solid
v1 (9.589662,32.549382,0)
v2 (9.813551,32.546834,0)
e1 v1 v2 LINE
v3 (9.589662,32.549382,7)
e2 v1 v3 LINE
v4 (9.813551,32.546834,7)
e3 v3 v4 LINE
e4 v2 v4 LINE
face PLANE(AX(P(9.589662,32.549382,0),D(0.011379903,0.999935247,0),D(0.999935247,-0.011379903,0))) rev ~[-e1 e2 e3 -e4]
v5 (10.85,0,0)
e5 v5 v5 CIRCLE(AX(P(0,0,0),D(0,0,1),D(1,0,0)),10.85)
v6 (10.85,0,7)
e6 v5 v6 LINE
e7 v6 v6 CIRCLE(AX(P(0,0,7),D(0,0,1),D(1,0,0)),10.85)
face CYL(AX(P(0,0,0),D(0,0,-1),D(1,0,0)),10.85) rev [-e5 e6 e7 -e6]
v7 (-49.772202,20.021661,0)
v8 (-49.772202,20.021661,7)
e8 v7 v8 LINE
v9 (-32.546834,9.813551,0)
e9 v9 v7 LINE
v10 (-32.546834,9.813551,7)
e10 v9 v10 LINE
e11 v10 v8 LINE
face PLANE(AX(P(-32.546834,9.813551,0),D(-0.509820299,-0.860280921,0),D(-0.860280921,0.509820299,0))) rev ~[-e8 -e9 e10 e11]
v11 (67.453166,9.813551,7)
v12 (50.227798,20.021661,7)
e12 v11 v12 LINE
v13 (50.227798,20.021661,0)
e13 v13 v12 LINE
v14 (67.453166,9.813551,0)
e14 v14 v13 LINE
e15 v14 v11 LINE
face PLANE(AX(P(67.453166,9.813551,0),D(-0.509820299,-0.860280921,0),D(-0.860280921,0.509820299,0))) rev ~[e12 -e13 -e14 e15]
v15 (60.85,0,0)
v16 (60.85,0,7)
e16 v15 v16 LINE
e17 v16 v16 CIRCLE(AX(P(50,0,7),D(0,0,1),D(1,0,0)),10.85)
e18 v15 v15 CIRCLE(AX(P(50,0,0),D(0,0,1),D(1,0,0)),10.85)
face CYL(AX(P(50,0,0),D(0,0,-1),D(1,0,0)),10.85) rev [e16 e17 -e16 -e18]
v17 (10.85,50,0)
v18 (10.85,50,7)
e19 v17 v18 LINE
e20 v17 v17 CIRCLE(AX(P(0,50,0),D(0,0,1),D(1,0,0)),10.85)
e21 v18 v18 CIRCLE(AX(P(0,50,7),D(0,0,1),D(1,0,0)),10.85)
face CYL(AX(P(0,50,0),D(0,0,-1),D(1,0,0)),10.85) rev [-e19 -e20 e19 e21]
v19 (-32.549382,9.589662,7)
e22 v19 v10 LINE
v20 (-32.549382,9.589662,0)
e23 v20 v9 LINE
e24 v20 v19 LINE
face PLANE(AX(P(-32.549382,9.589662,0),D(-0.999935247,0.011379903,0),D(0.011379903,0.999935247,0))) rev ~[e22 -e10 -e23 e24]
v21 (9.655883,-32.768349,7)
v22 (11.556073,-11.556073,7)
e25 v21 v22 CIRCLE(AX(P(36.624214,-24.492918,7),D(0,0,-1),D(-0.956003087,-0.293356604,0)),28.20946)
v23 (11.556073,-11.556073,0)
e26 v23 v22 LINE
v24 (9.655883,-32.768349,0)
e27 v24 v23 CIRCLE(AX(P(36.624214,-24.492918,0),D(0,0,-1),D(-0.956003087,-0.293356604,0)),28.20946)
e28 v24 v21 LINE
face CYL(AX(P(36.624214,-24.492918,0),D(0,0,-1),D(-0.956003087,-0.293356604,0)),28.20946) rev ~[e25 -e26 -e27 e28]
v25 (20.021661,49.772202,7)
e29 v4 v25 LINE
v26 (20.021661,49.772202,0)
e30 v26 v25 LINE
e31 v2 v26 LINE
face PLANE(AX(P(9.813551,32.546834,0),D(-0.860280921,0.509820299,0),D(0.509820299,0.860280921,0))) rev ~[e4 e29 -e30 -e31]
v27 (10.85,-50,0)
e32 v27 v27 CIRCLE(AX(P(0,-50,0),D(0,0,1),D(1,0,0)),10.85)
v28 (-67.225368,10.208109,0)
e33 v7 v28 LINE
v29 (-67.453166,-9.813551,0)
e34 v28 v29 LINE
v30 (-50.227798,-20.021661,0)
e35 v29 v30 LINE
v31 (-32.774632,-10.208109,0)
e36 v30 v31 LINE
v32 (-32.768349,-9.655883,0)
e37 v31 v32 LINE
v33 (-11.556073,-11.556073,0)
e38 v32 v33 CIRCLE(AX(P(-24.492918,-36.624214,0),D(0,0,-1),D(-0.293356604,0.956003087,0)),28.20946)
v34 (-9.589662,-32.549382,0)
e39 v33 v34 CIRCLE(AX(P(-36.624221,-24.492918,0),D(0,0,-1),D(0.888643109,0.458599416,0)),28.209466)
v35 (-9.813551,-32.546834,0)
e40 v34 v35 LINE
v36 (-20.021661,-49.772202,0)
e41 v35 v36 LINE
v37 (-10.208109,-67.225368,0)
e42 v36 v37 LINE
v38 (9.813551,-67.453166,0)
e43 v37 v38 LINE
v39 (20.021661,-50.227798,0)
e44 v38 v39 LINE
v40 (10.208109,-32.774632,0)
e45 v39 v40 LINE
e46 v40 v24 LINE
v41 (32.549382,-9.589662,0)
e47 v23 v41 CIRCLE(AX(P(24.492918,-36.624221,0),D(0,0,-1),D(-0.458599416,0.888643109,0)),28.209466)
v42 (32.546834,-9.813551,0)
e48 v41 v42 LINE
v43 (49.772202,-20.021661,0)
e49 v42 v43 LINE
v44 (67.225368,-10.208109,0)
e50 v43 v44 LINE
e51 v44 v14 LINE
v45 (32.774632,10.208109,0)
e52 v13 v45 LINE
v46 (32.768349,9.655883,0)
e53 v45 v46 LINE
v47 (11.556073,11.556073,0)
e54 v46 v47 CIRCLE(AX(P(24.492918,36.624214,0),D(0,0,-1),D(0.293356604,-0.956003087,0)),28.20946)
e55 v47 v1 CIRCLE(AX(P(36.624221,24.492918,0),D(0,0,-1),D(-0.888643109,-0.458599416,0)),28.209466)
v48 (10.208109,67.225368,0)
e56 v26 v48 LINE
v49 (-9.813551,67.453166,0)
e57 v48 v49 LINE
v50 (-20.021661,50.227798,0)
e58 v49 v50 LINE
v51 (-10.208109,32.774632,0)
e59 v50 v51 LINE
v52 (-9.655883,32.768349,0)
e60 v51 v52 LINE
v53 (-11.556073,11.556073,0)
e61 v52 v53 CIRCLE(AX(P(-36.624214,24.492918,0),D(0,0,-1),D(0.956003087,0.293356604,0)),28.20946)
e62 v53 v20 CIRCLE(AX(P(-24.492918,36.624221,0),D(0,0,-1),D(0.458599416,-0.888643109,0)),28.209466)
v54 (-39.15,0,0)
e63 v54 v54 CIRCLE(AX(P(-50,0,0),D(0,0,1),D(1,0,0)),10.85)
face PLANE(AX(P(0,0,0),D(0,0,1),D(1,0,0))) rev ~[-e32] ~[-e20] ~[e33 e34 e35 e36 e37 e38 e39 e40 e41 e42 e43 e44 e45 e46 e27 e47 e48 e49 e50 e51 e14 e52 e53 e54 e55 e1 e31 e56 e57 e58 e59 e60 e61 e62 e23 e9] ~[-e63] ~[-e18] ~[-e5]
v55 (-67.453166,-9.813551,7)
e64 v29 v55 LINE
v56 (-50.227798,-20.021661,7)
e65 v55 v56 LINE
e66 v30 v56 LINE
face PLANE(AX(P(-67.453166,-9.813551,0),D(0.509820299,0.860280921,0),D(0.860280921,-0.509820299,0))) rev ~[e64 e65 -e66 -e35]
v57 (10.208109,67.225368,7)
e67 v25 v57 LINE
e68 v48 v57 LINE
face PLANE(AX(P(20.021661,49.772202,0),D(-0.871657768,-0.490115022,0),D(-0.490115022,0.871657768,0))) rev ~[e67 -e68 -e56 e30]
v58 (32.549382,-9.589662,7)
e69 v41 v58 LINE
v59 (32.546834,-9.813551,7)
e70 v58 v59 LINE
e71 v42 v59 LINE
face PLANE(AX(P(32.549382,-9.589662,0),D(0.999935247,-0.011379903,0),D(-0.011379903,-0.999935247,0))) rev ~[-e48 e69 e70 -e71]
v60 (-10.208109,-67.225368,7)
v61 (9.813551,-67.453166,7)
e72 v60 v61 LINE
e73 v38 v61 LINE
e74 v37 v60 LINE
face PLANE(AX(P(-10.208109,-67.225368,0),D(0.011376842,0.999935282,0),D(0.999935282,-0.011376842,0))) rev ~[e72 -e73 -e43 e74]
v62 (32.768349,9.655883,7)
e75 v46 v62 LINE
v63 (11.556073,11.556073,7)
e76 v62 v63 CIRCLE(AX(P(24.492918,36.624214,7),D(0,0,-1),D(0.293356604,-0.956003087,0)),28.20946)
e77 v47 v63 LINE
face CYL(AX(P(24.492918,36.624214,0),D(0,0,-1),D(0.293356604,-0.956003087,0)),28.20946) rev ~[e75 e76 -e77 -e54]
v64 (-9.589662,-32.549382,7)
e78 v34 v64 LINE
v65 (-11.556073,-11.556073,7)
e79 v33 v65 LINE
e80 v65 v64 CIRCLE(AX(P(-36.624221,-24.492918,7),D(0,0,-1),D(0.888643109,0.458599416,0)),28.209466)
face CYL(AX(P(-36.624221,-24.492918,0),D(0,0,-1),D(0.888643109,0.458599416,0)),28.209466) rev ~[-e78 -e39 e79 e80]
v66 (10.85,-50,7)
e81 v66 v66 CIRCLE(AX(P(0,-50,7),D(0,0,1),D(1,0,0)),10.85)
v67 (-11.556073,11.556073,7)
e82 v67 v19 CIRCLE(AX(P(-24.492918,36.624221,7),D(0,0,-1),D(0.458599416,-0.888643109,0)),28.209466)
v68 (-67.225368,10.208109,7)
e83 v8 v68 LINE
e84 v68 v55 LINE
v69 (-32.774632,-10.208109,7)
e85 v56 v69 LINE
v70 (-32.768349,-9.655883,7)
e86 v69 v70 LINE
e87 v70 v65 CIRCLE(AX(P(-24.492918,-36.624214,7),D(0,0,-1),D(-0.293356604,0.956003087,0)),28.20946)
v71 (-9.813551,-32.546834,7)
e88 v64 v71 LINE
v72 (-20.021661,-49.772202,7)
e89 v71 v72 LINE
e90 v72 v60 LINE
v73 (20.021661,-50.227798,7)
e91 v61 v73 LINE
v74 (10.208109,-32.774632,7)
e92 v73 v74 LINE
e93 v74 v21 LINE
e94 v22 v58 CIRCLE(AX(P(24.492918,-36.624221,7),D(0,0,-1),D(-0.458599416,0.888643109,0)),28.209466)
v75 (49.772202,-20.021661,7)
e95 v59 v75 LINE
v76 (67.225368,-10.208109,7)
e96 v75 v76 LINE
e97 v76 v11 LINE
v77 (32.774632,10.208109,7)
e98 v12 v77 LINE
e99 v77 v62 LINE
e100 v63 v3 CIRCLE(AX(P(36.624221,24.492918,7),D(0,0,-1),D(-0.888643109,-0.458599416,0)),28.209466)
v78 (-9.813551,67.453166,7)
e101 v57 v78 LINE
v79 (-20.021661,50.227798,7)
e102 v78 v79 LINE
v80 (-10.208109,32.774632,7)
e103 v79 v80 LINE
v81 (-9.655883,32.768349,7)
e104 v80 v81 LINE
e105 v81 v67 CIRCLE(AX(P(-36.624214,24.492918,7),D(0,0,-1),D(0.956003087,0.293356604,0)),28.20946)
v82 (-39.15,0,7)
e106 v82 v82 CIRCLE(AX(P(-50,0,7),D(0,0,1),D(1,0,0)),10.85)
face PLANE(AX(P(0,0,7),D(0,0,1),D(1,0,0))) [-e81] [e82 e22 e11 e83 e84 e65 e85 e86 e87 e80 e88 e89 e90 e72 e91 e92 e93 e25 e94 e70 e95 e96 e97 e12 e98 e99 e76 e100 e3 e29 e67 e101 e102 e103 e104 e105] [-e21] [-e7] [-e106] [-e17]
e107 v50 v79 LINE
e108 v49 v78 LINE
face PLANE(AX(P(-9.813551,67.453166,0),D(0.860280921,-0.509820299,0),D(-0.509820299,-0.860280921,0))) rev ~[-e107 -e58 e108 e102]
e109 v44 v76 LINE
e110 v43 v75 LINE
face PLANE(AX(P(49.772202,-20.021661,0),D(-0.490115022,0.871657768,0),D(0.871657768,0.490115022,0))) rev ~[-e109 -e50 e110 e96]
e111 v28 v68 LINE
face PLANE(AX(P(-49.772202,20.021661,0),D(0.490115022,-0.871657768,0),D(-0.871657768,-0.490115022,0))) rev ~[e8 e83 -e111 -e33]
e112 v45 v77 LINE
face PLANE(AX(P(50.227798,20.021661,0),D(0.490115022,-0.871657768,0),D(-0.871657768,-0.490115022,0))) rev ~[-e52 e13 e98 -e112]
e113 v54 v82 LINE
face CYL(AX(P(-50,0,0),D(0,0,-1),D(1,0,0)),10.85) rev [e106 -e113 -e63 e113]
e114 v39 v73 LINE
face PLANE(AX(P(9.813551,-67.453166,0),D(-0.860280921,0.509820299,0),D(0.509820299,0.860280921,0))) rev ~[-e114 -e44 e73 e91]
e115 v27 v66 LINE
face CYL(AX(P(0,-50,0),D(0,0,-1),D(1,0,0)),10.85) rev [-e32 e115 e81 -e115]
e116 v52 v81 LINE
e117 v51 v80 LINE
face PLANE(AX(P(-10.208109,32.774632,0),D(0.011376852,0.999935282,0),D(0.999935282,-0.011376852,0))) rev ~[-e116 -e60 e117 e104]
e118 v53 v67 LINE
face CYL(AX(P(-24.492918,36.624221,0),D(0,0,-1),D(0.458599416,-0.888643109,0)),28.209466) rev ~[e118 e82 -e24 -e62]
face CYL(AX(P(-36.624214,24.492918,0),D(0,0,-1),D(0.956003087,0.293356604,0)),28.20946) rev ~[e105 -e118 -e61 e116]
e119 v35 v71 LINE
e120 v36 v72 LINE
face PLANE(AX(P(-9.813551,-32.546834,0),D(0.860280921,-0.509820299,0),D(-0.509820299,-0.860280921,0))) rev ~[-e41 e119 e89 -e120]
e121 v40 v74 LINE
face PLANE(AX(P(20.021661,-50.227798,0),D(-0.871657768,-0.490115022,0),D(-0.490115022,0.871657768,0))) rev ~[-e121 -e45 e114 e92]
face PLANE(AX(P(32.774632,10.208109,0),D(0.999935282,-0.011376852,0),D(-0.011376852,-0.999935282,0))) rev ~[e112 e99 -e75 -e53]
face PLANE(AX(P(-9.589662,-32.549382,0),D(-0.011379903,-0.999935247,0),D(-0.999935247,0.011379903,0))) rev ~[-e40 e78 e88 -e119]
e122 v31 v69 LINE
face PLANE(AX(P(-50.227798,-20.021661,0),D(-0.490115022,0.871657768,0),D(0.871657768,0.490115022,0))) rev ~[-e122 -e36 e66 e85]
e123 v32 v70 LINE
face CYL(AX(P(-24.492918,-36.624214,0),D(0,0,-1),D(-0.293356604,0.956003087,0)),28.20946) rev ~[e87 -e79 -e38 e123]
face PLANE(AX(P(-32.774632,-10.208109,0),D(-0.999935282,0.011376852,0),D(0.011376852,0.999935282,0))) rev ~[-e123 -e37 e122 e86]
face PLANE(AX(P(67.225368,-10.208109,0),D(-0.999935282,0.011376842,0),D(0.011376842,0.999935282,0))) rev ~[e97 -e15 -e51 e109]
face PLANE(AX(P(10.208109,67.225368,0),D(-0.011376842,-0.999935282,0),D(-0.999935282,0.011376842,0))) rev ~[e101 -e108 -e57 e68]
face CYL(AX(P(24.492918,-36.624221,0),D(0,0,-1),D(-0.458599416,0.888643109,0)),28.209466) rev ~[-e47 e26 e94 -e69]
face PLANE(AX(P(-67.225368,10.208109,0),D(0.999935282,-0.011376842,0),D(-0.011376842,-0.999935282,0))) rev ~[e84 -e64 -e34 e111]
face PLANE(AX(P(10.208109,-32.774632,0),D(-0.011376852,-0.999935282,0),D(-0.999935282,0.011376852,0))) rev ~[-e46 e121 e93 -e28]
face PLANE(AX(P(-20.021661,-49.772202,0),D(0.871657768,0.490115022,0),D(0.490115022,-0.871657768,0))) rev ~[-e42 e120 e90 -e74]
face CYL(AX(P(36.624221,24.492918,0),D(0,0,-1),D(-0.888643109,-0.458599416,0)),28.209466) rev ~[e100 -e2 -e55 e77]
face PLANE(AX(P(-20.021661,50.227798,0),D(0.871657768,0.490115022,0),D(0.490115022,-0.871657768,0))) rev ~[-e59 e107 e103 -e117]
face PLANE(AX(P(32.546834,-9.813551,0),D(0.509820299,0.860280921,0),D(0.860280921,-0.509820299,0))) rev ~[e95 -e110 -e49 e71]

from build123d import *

# Parameters (mm, degrees)
F0_R     = 10.85
F1_DEPTH = 7


with BuildPart() as f1:
    # F0 (on Top) → F1 (new body)
    with BuildSketch(Plane.XY):
        with BuildLine():
            Line((-49.772202, 20.021661), (-67.225368, 10.208109))
            Line((-67.225368, 10.208109), (-67.453166, -9.813551))
            Line((-67.453166, -9.813551), (-50.227798, -20.021661))
            Line((-50.227798, -20.021661), (-32.774632, -10.208109))
            Line((-32.774632, -10.208109), (-32.768349, -9.655883))
            ThreePointArc((-32.768349, -9.655883), (-21.976, -8.527261), (-11.556073, -11.556073))
            ThreePointArc((-11.556073, -11.556073), (-8.537698, -21.862096), (-9.589662, -32.549382))
            Line((-9.589662, -32.549382), (-9.813551, -32.546834))
            Line((-9.813551, -32.546834), (-20.021661, -49.772202))
            Line((-20.021661, -49.772202), (-10.208109, -67.225368))
            Line((-10.208109, -67.225368), (9.813551, -67.453166))
            Line((9.813551, -67.453166), (20.021661, -50.227798))
            Line((20.021661, -50.227798), (10.208109, -32.774632))
            Line((10.208109, -32.774632), (9.655883, -32.768349))
            ThreePointArc((9.655883, -32.768349), (8.527261, -21.976), (11.556073, -11.556073))
            ThreePointArc((11.556073, -11.556073), (21.862096, -8.537698), (32.549382, -9.589662))
            Line((32.549382, -9.589662), (32.546834, -9.813551))
            Line((32.546834, -9.813551), (49.772202, -20.021661))
            Line((49.772202, -20.021661), (67.225368, -10.208109))
            Line((67.225368, -10.208109), (67.453166, 9.813551))
            Line((67.453166, 9.813551), (50.227798, 20.021661))
            Line((50.227798, 20.021661), (32.774632, 10.208109))
            Line((32.774632, 10.208109), (32.768349, 9.655883))
            ThreePointArc((32.768349, 9.655883), (21.976, 8.527261), (11.556073, 11.556073))
            ThreePointArc((11.556073, 11.556073), (8.537698, 21.862096), (9.589662, 32.549382))
            Line((9.589662, 32.549382), (9.813551, 32.546834))
            Line((9.813551, 32.546834), (20.021661, 49.772202))
            Line((20.021661, 49.772202), (10.208109, 67.225368))
            Line((10.208109, 67.225368), (-9.813551, 67.453166))
            Line((-9.813551, 67.453166), (-20.021661, 50.227798))
            Line((-20.021661, 50.227798), (-10.208109, 32.774632))
            Line((-10.208109, 32.774632), (-9.655883, 32.768349))
            ThreePointArc((-9.655883, 32.768349), (-8.527261, 21.976), (-11.556073, 11.556073))
            ThreePointArc((-11.556073, 11.556073), (-21.862096, 8.537698), (-32.549382, 9.589662))
            Line((-32.549382, 9.589662), (-32.546834, 9.813551))
            Line((-32.546834, 9.813551), (-49.772202, 20.021661))
        make_face()
        with Locations((0, -50)):
            Circle(F0_R, mode=Mode.SUBTRACT)
        with Locations((-50, 0)):
            Circle(F0_R, mode=Mode.SUBTRACT)
        Circle(F0_R, mode=Mode.SUBTRACT)
        with Locations((0, 50)):
            Circle(F0_R, mode=Mode.SUBTRACT)
        with Locations((50, 0)):
            Circle(F0_R, mode=Mode.SUBTRACT)
    extrude(amount=F1_DEPTH)


solid = f1.part
